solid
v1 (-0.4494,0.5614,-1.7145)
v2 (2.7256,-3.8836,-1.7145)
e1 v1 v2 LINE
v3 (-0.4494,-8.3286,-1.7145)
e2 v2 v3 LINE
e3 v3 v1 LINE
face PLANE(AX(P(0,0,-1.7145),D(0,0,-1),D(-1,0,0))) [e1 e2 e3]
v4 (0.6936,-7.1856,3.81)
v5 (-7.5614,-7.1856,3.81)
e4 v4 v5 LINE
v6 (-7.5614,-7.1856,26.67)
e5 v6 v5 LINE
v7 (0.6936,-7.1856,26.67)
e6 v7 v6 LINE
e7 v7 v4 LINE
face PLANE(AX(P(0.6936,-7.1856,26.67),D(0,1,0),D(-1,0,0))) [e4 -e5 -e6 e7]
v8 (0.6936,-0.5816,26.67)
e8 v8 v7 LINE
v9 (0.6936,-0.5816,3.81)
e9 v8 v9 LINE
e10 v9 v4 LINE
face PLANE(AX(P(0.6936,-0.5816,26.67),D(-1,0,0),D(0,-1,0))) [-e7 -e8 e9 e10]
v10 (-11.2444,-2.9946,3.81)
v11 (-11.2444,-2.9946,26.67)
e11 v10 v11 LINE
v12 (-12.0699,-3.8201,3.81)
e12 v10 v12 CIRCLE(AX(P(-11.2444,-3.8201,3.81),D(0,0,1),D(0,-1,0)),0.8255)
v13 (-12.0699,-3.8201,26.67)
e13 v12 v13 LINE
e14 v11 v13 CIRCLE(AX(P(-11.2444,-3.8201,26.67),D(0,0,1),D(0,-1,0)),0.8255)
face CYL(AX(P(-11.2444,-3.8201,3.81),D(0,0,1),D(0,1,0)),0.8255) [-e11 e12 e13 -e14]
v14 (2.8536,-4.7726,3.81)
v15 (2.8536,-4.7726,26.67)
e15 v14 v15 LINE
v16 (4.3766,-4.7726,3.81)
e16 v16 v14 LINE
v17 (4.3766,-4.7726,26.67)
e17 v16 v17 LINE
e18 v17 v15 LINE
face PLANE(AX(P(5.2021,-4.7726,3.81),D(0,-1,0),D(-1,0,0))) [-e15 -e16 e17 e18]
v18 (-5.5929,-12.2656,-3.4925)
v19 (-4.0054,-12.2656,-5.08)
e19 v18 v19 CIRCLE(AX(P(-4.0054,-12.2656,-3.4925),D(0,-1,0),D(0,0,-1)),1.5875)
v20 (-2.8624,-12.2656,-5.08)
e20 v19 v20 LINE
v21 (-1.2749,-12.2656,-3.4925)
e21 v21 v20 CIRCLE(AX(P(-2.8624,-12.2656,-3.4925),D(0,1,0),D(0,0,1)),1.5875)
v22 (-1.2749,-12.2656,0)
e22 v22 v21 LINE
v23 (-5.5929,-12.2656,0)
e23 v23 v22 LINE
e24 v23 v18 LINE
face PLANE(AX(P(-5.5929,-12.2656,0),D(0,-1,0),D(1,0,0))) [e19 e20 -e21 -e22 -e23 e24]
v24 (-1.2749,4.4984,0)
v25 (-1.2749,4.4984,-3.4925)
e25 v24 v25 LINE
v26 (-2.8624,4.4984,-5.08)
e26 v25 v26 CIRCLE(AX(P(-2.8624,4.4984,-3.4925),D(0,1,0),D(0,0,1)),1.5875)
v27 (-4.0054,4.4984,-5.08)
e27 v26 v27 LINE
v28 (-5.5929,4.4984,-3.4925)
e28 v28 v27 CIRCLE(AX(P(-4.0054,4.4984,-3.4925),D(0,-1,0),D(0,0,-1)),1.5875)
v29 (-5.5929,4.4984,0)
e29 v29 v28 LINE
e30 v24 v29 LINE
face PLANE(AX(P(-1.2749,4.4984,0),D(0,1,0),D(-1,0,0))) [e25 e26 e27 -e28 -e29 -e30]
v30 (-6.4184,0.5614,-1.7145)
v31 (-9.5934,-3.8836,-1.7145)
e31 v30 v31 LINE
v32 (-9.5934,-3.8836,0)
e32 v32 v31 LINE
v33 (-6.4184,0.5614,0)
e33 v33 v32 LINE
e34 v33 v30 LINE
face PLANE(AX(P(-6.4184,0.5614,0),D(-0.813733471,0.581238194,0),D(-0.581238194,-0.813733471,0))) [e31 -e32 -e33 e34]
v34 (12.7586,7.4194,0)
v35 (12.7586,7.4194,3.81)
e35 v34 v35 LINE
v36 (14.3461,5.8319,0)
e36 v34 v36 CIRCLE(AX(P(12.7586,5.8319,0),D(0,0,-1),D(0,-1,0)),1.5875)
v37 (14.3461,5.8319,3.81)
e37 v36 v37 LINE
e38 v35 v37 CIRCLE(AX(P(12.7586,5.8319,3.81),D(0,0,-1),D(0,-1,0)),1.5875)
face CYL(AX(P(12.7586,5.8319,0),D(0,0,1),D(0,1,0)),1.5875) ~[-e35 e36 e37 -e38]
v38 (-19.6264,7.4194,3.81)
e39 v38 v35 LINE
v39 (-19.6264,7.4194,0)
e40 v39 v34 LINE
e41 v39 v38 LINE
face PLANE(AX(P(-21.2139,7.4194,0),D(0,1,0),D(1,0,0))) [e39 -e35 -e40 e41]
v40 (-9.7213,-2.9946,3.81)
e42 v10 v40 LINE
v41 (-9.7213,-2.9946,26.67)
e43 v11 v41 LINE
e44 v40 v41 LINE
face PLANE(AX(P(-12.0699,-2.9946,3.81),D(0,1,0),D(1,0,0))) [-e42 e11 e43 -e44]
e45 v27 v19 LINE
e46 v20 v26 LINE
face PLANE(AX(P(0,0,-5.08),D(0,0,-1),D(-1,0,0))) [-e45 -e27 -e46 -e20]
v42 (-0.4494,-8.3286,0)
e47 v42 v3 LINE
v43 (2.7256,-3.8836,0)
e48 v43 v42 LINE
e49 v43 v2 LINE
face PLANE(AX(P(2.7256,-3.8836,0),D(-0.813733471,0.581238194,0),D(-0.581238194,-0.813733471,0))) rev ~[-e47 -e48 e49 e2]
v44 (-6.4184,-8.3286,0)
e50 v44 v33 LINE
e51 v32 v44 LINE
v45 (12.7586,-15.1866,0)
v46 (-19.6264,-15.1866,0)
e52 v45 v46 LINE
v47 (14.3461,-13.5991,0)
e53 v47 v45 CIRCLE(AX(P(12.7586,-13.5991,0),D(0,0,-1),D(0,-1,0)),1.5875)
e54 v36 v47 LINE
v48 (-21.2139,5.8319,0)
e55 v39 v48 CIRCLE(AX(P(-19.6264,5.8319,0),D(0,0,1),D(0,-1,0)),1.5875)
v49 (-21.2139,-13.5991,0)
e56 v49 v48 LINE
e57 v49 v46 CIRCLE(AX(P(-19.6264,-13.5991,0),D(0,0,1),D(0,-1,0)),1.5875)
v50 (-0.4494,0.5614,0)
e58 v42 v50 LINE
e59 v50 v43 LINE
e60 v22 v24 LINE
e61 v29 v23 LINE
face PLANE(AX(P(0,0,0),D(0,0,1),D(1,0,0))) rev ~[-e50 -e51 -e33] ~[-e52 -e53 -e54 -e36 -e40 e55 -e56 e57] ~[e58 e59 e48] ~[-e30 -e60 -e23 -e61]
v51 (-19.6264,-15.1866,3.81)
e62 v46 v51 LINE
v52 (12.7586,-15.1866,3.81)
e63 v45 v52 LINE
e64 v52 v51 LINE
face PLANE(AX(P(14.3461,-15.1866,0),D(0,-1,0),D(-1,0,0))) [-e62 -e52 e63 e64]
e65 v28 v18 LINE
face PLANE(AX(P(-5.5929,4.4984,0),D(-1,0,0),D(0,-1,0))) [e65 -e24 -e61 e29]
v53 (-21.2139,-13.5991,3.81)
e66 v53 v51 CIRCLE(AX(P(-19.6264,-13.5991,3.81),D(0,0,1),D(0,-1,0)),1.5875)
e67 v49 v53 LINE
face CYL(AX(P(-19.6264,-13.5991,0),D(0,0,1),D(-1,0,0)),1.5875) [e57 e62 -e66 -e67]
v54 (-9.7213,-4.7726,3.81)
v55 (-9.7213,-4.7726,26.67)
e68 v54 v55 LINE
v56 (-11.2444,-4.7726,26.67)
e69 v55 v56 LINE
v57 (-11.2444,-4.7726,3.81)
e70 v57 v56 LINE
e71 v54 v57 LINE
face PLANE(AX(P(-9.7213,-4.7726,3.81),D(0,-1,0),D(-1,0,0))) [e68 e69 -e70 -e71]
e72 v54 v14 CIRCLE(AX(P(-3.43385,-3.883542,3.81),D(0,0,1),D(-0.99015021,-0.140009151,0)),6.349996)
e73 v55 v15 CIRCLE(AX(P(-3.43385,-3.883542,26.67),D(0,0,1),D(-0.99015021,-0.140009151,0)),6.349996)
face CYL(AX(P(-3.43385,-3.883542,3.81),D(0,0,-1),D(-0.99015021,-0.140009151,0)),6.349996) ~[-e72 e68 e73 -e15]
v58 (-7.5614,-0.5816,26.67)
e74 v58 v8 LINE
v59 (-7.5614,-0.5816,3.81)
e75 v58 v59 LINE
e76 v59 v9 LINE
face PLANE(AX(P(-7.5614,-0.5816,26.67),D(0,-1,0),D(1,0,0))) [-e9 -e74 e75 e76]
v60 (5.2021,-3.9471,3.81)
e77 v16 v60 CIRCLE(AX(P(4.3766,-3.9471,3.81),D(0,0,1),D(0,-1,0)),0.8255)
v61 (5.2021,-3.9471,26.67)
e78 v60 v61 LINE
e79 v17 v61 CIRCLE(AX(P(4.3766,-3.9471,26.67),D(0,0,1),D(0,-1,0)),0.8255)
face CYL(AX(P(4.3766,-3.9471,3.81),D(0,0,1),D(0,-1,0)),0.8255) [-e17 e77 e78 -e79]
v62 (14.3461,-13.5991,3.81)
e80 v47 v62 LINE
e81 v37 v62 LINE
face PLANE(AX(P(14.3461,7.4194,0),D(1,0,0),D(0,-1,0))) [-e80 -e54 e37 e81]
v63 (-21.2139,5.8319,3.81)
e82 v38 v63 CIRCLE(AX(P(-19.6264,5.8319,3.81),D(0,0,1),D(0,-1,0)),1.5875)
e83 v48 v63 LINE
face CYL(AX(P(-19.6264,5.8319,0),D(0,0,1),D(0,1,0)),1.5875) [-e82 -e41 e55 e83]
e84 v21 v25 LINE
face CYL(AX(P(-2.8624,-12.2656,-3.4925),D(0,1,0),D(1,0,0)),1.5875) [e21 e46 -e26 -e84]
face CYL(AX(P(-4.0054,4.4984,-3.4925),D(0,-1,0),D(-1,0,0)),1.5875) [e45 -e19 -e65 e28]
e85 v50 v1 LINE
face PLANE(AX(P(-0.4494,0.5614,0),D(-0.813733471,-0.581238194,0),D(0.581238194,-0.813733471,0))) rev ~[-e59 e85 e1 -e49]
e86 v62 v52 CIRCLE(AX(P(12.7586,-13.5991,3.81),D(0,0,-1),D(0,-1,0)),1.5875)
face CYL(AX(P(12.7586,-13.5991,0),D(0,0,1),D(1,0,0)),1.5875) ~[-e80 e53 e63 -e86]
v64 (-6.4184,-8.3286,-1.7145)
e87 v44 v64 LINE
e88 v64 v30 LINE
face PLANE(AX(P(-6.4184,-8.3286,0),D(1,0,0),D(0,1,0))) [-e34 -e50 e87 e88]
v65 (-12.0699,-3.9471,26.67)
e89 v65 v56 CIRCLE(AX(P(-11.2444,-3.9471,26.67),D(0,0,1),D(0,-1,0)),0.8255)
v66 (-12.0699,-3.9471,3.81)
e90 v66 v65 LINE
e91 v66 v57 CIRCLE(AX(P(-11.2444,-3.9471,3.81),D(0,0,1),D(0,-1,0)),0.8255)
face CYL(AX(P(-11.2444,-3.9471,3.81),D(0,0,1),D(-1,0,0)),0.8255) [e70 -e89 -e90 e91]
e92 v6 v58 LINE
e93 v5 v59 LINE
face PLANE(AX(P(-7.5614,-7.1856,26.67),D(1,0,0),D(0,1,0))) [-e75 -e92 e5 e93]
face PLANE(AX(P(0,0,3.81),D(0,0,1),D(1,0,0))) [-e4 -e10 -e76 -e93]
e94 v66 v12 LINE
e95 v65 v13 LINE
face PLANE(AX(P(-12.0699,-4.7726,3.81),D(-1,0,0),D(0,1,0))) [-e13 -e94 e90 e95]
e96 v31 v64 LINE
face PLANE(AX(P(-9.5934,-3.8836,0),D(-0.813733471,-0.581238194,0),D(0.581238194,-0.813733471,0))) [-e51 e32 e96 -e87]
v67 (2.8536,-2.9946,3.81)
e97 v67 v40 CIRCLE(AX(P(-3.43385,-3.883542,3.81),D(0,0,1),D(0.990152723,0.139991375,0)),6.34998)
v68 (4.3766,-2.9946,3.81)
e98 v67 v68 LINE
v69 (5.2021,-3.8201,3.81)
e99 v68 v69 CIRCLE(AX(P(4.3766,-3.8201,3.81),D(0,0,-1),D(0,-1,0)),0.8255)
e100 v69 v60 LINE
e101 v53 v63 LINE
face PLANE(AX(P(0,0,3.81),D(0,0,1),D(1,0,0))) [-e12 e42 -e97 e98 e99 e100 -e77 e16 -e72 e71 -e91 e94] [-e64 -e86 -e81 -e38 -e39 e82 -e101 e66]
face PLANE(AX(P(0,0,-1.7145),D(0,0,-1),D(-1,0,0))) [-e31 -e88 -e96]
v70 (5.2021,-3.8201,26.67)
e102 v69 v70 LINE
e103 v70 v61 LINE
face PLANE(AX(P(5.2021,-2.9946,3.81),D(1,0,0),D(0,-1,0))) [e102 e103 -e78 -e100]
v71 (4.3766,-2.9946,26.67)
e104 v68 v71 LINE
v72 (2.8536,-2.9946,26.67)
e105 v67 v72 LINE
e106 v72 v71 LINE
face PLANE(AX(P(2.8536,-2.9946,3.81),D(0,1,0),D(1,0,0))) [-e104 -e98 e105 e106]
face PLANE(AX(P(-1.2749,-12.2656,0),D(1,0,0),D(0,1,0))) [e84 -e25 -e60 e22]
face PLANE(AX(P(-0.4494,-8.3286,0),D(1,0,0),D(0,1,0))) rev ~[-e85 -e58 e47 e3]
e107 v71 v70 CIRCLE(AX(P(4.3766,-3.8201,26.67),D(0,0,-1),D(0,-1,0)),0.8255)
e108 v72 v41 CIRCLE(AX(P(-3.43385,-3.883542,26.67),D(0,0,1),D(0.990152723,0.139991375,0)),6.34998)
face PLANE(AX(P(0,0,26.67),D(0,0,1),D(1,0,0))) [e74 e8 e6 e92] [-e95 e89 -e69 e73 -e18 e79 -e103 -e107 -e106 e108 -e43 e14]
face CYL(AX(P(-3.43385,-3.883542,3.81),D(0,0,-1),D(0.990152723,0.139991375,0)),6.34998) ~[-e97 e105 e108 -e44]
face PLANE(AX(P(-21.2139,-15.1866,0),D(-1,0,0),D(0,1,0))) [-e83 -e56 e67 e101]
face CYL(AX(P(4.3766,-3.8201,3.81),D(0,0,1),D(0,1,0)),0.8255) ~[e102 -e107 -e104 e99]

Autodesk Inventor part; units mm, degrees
ref_plane "YZ Plane" through (0, 0, 0) normal (1, 0, 0) x (0, 1, 0)
ref_plane "XZ Plane" through (0, 0, 0) normal (0, 1, 0) x (-1, 0, 0)
ref_plane "XY Plane" through (0, 0, 0) normal (0, 0, 1) x (1, 0, 0)
sketch "Sketch1" plane through (0, 0, 0) normal (0, 0, 1) x (1, 0, 0)
  line L0 (-21.2139, 7.4194) -> (14.3461, 7.4194)
  line L1 (14.3461, 7.4194) -> (14.3461, -15.1866)
  line L2 (14.3461, -15.1866) -> (-21.2139, -15.1866)
  line L3 (-21.2139, -15.1866) -> (-21.2139, 7.4194)
  point P0 (0, 0)
  dimension "d0" = 22.606
  dimension "d1" = 35.56
extrude "Extrusion1" add sketch "Sketch1" along normal blind 3.81
sketch "Sketch2" plane through (0, 0, 3.81) normal (0, 0, 1) x (1, 0, 0)
  line L0 (14.3461, 7.4194) -> (-21.2139, 7.4194) projected
  line L1 (-21.2139, -15.1866) -> (14.3461, -15.1866) projected
  line L2 (14.3461, -15.1866) -> (14.3461, 7.4194) projected
  line L3 (-21.2139, 7.4194) -> (-21.2139, -15.1866) projected
  line L4 (5.2021, -2.9946) -> (5.2021, -4.7726)
  line L5 (-12.0699, -4.7726) -> (-12.0699, -2.9946)
  line L6 (5.2021, -4.7726) -> (2.8536, -4.7726)
  line L7 (-9.7213, -4.7726) -> (-12.0699, -4.7726)
  line L8 (-12.0699, -2.9946) -> (-9.7213, -2.9946)
  line L9 (2.8536, -2.9946) -> (5.2021, -2.9946)
  arc A0 (-9.7213, -4.7726) -> (2.8536, -4.7726) centre (-3.4339, -3.8836) ccw
  arc A1 (2.8536, -2.9946) -> (-9.7213, -2.9946) centre (-3.4339, -3.8836) ccw
  point P0 (0, 0)
  dimension "d5" = 11.303
  dimension "d6" = 11.303
  dimension "d7" = 17.78
  dimension "d8" = 17.78
  dimension "d9" = 17.272
  dimension "d10" = 1.778
  dimension "d13" = 9.144
  dimension "d14" = 9.144
extrude "Extrusion2" add sketch "Sketch2" along normal blind 22.86 contours L4 L6 A0 L7 L5 L8 A1 L9
sketch "Sketch3" plane through (0, 0, 26.67) normal (0, 0, 1) x (1, 0, 0)
  line L0 (-7.5614, -0.5816) -> (0.6936, -0.5816)
  line L1 (0.6936, -0.5816) -> (0.6936, -7.1856)
  line L2 (0.6936, -7.1856) -> (-7.5614, -7.1856)
  line L3 (-7.5614, -7.1856) -> (-7.5614, -0.5816)
  line L4 (-12.0699, -2.9946) -> (-12.0699, -4.7726) projected
  line L5 (5.2021, -4.7726) -> (5.2021, -2.9946) projected
  arc A0 (2.8536, -2.9946) -> (-9.7213, -2.9946) centre (-3.4339, -3.8836) ccw projected
  arc A1 (-9.7213, -4.7726) -> (2.8536, -4.7726) centre (-3.4339, -3.8836) ccw projected
  point P0 (0, 0)
  point P1 (-12.0699, -3.8836)
  point P2 (5.2021, -3.8836)
  point P3 (-3.4339, 2.4664)
  point P4 (-3.4339, -10.2336)
  dimension "d17" = 8.255
  dimension "d18" = 6.604
  dimension "d19" = 4.5085
  dimension "d20" = 4.5085
  dimension "d21" = 3.048
  dimension "d22" = 3.048
extrude "Extrusion3" cut sketch "Sketch3" against normal blind 22.86
sketch "Sketch4" plane through (0, 0, 0) normal (0, 0, -1) x (-1, 0, 0)
  line L0 (1.2749, 4.4984) -> (5.5929, 4.4984)
  line L1 (5.5929, 4.4984) -> (5.5929, -12.2656)
  line L2 (5.5929, -12.2656) -> (1.2749, -12.2656)
  line L3 (1.2749, -12.2656) -> (1.2749, 4.4984)
  line L4 (-14.3461, 7.4194) -> (21.2139, 7.4194) projected
  line L5 (21.2139, -15.1866) -> (-14.3461, -15.1866) projected
  line L6 (21.2139, 7.4194) -> (21.2139, -15.1866) projected
  line L7 (-14.3461, -15.1866) -> (-14.3461, 7.4194) projected
  point P0 (0, 0)
  point P1 (21.2139, -3.8836)
  dimension "d25" = 4.318
  dimension "d26" = 16.764
  dimension "d27" = 2.921
  dimension "d28" = 2.921
  dimension "d29" = 15.621
  dimension "d30" = 15.621
extrude "Extrusion4" add sketch "Sketch4" along normal blind 5.08 contours L0 L1 L2 L3
fillet "Fillet1" radius 1.5875 2 edges at (-5.5929, -3.8836, -5.08) (-1.2749, -3.8836, -5.08)
fillet "Fillet2" radius 0.8255 4 edges at (-12.0699, -4.7726, 15.24) (-12.0699, -2.9946, 15.24) (5.2021, -4.7726, 15.24) (5.2021, -2.9946, 15.24)
sketch "Sketch5" plane through (0, 0, 0) normal (0, 0, -1) x (-1, 0, 0)
  line L0 (6.4184, -8.3286) -> (6.4184, 0.5614)
  line L1 (6.4184, 0.5614) -> (9.5934, -3.8836)
  line L2 (9.5934, -3.8836) -> (6.4184, -8.3286)
  line L3 (0.4494, -8.3286) -> (0.4494, 0.5614)
  line L4 (0.4494, 0.5614) -> (-2.7256, -3.8836)
  line L5 (-2.7256, -3.8836) -> (0.4494, -8.3286)
  line L6 (5.5929, -12.2656) -> (5.5929, 4.4984) projected
  line L7 (1.2749, 4.4984) -> (1.2749, -12.2656) projected
  line L8 (21.2139, -15.1866) -> (-14.3461, -15.1866) projected
  line L9 (-14.3461, 7.4194) -> (21.2139, 7.4194) projected
  point P0 (0, 0)
  dimension "d35" = 3.175
  dimension "d36" = 8.89
  dimension "d37" = 0.8255
  dimension "d38" = 0.8255
  dimension "d39" = 6.858
  dimension "d40" = 6.858
  dimension "d41" = 6.858
  dimension "d42" = 6.858
  dimension "d43" = 4.445
  dimension "d44" = 4.445
  dimension "d45" = 4.445
extrude "Extrusion5" add sketch "Sketch5" along normal blind 1.7145
fillet "Fillet3" radius 1.5875 4 edges at (14.3461, 7.4194, 1.905) (14.3461, -15.1866, 1.905) (-21.2139, -15.1866, 1.905) (-21.2139, 7.4194, 1.905)
properties part number "power_switch"
